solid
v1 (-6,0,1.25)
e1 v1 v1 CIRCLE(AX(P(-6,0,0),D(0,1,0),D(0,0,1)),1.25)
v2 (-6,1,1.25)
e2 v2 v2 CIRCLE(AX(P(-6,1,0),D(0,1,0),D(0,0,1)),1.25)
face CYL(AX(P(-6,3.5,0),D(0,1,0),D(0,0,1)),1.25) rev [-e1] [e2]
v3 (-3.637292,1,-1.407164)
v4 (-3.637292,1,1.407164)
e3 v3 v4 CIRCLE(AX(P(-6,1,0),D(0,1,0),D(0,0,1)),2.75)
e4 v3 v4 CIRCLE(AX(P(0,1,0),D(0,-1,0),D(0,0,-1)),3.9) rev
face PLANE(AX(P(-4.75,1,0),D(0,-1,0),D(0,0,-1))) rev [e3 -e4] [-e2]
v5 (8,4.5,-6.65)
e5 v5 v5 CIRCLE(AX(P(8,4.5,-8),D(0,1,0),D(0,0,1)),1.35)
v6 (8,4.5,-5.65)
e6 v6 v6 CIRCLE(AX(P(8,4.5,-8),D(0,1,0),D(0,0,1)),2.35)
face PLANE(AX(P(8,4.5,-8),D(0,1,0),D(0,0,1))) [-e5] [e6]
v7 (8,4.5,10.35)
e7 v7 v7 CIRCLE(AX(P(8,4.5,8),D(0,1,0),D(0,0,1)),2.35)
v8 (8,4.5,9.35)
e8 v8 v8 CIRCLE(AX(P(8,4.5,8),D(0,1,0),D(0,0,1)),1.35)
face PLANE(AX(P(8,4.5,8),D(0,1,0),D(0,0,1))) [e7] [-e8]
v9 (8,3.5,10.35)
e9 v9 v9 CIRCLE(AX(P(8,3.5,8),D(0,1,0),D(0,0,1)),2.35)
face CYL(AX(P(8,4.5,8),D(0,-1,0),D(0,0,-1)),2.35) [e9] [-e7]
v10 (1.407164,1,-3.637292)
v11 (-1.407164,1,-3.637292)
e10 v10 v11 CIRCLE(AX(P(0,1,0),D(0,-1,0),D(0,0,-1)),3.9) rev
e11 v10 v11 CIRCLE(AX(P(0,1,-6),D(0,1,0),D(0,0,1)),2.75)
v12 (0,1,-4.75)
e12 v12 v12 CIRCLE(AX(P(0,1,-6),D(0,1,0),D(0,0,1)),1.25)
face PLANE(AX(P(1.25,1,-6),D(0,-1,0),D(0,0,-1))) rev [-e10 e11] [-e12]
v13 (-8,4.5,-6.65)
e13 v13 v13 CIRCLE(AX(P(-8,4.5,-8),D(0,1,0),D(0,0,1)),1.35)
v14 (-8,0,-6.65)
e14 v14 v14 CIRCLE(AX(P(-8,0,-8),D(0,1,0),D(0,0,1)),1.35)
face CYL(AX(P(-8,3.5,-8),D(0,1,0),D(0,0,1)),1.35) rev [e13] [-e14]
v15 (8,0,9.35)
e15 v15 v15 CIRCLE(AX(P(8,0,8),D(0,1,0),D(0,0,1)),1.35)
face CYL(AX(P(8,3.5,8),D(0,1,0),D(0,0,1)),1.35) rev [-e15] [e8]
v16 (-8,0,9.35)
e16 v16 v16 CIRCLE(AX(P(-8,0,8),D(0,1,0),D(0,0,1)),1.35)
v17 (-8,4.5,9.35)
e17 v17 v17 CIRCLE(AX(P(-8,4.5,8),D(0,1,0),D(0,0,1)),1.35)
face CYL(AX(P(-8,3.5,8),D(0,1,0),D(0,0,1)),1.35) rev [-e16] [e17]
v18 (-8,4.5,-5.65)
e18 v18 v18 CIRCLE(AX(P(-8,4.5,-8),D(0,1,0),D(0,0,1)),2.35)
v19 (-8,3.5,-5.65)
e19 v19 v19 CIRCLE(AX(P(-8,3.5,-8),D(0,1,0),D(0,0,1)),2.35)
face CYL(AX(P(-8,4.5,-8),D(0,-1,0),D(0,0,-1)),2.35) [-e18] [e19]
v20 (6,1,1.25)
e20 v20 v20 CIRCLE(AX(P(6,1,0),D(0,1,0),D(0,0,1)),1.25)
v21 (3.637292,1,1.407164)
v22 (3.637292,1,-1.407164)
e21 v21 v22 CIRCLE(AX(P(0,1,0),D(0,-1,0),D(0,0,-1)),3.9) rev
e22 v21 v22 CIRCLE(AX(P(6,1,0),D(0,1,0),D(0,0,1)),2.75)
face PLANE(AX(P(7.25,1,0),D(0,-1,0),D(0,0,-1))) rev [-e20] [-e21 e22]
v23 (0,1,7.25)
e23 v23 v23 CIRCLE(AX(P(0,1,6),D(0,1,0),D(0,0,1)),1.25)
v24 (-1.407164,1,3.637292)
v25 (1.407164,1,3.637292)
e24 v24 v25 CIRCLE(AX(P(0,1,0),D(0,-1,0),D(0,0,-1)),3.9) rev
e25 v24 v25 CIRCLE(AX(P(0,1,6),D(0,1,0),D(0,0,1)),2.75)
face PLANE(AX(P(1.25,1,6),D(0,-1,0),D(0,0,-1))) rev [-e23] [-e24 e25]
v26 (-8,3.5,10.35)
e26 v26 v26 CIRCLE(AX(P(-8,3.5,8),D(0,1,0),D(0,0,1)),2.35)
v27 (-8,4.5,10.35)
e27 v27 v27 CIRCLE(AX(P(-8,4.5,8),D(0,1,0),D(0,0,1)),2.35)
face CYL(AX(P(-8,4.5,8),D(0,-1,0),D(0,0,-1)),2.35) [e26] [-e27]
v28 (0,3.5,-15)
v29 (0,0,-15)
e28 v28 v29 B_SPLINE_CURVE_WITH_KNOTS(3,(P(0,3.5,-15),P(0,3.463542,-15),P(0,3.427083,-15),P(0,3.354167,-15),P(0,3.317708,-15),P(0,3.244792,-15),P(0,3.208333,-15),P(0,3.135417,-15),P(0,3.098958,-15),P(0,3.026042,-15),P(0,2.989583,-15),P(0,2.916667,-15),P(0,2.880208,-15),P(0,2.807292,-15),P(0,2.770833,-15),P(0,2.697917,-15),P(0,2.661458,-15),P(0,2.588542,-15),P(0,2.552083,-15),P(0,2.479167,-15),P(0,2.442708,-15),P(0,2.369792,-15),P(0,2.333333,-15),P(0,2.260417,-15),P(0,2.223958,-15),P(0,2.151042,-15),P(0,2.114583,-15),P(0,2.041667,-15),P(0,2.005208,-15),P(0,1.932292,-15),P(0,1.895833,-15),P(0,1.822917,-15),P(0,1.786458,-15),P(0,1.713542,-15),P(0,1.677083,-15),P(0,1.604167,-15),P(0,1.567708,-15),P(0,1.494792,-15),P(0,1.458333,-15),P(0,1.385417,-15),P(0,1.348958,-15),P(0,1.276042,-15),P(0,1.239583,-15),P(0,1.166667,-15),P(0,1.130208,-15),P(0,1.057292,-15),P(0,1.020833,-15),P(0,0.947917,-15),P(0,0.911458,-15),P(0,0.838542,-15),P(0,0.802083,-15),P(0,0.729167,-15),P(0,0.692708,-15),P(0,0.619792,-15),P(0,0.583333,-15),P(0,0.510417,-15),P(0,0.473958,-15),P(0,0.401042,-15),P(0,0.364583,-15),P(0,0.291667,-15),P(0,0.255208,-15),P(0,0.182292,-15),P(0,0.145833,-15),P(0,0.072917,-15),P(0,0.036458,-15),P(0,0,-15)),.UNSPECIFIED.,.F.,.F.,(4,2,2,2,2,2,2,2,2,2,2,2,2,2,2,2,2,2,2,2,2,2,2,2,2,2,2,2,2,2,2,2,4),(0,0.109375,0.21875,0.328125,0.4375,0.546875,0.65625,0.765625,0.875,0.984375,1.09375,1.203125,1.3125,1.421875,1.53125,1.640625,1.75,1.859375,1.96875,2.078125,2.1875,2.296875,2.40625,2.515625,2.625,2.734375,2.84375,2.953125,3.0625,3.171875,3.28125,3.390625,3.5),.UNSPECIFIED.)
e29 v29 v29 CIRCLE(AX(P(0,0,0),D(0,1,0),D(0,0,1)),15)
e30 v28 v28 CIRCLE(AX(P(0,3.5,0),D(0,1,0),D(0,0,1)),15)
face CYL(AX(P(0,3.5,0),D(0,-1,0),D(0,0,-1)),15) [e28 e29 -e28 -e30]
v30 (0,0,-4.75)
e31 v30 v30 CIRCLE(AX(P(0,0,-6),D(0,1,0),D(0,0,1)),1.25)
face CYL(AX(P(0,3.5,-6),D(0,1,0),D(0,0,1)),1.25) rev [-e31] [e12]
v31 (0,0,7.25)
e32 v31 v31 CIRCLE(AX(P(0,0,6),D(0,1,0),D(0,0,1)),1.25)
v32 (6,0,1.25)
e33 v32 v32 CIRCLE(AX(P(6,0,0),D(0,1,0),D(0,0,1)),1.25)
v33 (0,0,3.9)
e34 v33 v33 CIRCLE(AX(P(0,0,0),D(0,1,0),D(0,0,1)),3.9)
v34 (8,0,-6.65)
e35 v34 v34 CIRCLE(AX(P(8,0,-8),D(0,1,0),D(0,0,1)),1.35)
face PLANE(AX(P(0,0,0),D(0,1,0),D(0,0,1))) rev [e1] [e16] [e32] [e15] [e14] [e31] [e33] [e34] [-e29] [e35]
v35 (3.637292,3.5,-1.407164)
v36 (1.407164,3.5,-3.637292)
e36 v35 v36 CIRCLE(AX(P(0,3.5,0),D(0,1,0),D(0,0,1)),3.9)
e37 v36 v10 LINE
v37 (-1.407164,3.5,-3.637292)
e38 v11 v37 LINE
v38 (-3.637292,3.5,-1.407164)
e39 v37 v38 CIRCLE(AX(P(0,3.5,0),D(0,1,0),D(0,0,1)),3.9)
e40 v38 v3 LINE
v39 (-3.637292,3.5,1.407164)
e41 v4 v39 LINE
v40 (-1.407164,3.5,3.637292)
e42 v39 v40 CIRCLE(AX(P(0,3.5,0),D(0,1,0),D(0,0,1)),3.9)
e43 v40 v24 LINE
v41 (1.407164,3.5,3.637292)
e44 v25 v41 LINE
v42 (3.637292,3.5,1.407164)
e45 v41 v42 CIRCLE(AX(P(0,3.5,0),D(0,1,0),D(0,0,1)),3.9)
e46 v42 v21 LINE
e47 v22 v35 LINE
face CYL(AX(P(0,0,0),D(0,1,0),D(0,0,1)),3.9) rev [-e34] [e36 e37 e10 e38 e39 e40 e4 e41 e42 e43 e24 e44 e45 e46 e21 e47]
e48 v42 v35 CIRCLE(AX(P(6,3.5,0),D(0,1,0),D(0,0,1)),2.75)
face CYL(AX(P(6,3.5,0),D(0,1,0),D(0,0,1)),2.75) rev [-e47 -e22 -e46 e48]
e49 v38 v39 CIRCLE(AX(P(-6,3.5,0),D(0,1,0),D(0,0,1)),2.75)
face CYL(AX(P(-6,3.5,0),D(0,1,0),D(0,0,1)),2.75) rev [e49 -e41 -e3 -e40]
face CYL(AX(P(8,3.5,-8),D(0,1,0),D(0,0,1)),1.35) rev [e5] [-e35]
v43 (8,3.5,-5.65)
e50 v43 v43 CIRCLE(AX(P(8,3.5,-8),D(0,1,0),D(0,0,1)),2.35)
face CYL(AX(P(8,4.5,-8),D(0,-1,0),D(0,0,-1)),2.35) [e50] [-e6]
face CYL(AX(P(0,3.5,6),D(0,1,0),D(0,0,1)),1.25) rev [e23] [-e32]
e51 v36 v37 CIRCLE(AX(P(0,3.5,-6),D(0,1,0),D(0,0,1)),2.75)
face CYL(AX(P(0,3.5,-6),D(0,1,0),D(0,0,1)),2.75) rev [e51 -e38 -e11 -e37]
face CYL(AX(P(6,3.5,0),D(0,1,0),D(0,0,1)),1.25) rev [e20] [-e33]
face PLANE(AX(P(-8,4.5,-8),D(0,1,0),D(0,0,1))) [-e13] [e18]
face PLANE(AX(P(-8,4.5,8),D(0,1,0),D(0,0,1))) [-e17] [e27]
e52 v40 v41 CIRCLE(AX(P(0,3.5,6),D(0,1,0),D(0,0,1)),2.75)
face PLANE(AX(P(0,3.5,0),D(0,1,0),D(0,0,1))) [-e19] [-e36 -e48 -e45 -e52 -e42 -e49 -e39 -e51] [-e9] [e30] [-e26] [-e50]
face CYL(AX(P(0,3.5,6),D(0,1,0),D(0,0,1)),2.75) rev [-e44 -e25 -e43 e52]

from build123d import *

# Parameters (mm, degrees)
SKETCH1_R                               = 15
BOSS_EXTRUDE1_DEPTH                     = 3.5
SKETCH2_R                               = 3.9
CUT_EXTRUDE1_DEPTH                      = 22.5
CBORE_FOR_M5_HEX_HEAD_BOLT1_D           = 2.5
CBORE_FOR_M5_HEX_HEAD_BOLT1_CBORE_D     = 5.5
CBORE_FOR_M5_HEX_HEAD_BOLT1_CBORE_DEPTH = 2.5
TAP_DRILL_FOR_M3X0_5_TAP1_D             = 2.7
SKETCH9_R                               = 2.35
SKETCH9_R_2                             = 1.35
BOSS_EXTRUDE2_DEPTH                     = 1


with BuildPart() as part:
    # Sketch1 → Boss-Extrude1 (new body)
    with BuildSketch(Plane(origin=(0, 0, 0), x_dir=(1, 0, 0), z_dir=(0, 1, 0))):
        with Locations(Location((0, 0, 0), (0, 0, 90))):
            Circle(SKETCH1_R)
    extrude(amount=BOSS_EXTRUDE1_DEPTH)

    # Sketch2 → Cut-Extrude1 (cut, through all)
    with BuildSketch(Plane(origin=(0, 3.5, 0), x_dir=(1, 0, 0), z_dir=(0, 1, 0))):
        with Locations(Location((0, 0, 0), (0, 0, 270))):
            Circle(SKETCH2_R)
    extrude(amount=-CUT_EXTRUDE1_DEPTH, mode=Mode.SUBTRACT)

    # CBORE for M5 Hex Head Bolt1 (through all)
    with Locations(Plane(origin=(0, 3.5, 0), x_dir=(1, 0, 0), z_dir=(0, 1, 0))):
        with Locations((-6, 0), (0, 6), (6, 0), (0, -6)):
            CounterBoreHole(CBORE_FOR_M5_HEX_HEAD_BOLT1_D / 2, CBORE_FOR_M5_HEX_HEAD_BOLT1_CBORE_D / 2, CBORE_FOR_M5_HEX_HEAD_BOLT1_CBORE_DEPTH)

    # Tap Drill for M3x0.5 Tap1 (through all)
    with Locations(Plane(origin=(0, 3.5, 0), x_dir=(1, 0, 0), z_dir=(0, 1, 0))):
        with Locations((-8, 8), (8, 8), (8, -8), (-8, -8)):
            Hole(TAP_DRILL_FOR_M3X0_5_TAP1_D / 2)

    # Sketch9 → Boss-Extrude2 (add)
    # profile 1 of 4: a face of its own
    with BuildSketch(Plane(origin=(0, 3.5, 0), x_dir=(1, 0, 0), z_dir=(0, 1, 0))):
        with Locations(Location((8, -8, 0), (0, 0, 270))):
            Circle(SKETCH9_R)
        with Locations(Location((8, -8, 0), (0, 0, 270))):
            Circle(SKETCH9_R_2, mode=Mode.SUBTRACT)
    # profile 2 of 4: a face of its own
    with BuildSketch(Plane(origin=(0, 3.5, 0), x_dir=(1, 0, 0), z_dir=(0, 1, 0))):
        with Locations(Location((8, 8, 0), (0, 0, 270))):
            Circle(SKETCH9_R)
        with Locations(Location((8, 8, 0), (0, 0, 270))):
            Circle(SKETCH9_R_2, mode=Mode.SUBTRACT)
    # profile 3 of 4: a face of its own
    with BuildSketch(Plane(origin=(0, 3.5, 0), x_dir=(1, 0, 0), z_dir=(0, 1, 0))):
        with Locations(Location((-8, -8, 0), (0, 0, 270))):
            Circle(SKETCH9_R)
        with Locations(Location((-8, -8, 0), (0, 0, 270))):
            Circle(SKETCH9_R_2, mode=Mode.SUBTRACT)
    # profile 4 of 4: a face of its own
    with BuildSketch(Plane(origin=(0, 3.5, 0), x_dir=(1, 0, 0), z_dir=(0, 1, 0))):
        with Locations(Location((-8, 8, 0), (0, 0, 270))):
            Circle(SKETCH9_R)
        with Locations(Location((-8, 8, 0), (0, 0, 270))):
            Circle(SKETCH9_R_2, mode=Mode.SUBTRACT)
    extrude(amount=BOSS_EXTRUDE2_DEPTH)


solid = part.part
